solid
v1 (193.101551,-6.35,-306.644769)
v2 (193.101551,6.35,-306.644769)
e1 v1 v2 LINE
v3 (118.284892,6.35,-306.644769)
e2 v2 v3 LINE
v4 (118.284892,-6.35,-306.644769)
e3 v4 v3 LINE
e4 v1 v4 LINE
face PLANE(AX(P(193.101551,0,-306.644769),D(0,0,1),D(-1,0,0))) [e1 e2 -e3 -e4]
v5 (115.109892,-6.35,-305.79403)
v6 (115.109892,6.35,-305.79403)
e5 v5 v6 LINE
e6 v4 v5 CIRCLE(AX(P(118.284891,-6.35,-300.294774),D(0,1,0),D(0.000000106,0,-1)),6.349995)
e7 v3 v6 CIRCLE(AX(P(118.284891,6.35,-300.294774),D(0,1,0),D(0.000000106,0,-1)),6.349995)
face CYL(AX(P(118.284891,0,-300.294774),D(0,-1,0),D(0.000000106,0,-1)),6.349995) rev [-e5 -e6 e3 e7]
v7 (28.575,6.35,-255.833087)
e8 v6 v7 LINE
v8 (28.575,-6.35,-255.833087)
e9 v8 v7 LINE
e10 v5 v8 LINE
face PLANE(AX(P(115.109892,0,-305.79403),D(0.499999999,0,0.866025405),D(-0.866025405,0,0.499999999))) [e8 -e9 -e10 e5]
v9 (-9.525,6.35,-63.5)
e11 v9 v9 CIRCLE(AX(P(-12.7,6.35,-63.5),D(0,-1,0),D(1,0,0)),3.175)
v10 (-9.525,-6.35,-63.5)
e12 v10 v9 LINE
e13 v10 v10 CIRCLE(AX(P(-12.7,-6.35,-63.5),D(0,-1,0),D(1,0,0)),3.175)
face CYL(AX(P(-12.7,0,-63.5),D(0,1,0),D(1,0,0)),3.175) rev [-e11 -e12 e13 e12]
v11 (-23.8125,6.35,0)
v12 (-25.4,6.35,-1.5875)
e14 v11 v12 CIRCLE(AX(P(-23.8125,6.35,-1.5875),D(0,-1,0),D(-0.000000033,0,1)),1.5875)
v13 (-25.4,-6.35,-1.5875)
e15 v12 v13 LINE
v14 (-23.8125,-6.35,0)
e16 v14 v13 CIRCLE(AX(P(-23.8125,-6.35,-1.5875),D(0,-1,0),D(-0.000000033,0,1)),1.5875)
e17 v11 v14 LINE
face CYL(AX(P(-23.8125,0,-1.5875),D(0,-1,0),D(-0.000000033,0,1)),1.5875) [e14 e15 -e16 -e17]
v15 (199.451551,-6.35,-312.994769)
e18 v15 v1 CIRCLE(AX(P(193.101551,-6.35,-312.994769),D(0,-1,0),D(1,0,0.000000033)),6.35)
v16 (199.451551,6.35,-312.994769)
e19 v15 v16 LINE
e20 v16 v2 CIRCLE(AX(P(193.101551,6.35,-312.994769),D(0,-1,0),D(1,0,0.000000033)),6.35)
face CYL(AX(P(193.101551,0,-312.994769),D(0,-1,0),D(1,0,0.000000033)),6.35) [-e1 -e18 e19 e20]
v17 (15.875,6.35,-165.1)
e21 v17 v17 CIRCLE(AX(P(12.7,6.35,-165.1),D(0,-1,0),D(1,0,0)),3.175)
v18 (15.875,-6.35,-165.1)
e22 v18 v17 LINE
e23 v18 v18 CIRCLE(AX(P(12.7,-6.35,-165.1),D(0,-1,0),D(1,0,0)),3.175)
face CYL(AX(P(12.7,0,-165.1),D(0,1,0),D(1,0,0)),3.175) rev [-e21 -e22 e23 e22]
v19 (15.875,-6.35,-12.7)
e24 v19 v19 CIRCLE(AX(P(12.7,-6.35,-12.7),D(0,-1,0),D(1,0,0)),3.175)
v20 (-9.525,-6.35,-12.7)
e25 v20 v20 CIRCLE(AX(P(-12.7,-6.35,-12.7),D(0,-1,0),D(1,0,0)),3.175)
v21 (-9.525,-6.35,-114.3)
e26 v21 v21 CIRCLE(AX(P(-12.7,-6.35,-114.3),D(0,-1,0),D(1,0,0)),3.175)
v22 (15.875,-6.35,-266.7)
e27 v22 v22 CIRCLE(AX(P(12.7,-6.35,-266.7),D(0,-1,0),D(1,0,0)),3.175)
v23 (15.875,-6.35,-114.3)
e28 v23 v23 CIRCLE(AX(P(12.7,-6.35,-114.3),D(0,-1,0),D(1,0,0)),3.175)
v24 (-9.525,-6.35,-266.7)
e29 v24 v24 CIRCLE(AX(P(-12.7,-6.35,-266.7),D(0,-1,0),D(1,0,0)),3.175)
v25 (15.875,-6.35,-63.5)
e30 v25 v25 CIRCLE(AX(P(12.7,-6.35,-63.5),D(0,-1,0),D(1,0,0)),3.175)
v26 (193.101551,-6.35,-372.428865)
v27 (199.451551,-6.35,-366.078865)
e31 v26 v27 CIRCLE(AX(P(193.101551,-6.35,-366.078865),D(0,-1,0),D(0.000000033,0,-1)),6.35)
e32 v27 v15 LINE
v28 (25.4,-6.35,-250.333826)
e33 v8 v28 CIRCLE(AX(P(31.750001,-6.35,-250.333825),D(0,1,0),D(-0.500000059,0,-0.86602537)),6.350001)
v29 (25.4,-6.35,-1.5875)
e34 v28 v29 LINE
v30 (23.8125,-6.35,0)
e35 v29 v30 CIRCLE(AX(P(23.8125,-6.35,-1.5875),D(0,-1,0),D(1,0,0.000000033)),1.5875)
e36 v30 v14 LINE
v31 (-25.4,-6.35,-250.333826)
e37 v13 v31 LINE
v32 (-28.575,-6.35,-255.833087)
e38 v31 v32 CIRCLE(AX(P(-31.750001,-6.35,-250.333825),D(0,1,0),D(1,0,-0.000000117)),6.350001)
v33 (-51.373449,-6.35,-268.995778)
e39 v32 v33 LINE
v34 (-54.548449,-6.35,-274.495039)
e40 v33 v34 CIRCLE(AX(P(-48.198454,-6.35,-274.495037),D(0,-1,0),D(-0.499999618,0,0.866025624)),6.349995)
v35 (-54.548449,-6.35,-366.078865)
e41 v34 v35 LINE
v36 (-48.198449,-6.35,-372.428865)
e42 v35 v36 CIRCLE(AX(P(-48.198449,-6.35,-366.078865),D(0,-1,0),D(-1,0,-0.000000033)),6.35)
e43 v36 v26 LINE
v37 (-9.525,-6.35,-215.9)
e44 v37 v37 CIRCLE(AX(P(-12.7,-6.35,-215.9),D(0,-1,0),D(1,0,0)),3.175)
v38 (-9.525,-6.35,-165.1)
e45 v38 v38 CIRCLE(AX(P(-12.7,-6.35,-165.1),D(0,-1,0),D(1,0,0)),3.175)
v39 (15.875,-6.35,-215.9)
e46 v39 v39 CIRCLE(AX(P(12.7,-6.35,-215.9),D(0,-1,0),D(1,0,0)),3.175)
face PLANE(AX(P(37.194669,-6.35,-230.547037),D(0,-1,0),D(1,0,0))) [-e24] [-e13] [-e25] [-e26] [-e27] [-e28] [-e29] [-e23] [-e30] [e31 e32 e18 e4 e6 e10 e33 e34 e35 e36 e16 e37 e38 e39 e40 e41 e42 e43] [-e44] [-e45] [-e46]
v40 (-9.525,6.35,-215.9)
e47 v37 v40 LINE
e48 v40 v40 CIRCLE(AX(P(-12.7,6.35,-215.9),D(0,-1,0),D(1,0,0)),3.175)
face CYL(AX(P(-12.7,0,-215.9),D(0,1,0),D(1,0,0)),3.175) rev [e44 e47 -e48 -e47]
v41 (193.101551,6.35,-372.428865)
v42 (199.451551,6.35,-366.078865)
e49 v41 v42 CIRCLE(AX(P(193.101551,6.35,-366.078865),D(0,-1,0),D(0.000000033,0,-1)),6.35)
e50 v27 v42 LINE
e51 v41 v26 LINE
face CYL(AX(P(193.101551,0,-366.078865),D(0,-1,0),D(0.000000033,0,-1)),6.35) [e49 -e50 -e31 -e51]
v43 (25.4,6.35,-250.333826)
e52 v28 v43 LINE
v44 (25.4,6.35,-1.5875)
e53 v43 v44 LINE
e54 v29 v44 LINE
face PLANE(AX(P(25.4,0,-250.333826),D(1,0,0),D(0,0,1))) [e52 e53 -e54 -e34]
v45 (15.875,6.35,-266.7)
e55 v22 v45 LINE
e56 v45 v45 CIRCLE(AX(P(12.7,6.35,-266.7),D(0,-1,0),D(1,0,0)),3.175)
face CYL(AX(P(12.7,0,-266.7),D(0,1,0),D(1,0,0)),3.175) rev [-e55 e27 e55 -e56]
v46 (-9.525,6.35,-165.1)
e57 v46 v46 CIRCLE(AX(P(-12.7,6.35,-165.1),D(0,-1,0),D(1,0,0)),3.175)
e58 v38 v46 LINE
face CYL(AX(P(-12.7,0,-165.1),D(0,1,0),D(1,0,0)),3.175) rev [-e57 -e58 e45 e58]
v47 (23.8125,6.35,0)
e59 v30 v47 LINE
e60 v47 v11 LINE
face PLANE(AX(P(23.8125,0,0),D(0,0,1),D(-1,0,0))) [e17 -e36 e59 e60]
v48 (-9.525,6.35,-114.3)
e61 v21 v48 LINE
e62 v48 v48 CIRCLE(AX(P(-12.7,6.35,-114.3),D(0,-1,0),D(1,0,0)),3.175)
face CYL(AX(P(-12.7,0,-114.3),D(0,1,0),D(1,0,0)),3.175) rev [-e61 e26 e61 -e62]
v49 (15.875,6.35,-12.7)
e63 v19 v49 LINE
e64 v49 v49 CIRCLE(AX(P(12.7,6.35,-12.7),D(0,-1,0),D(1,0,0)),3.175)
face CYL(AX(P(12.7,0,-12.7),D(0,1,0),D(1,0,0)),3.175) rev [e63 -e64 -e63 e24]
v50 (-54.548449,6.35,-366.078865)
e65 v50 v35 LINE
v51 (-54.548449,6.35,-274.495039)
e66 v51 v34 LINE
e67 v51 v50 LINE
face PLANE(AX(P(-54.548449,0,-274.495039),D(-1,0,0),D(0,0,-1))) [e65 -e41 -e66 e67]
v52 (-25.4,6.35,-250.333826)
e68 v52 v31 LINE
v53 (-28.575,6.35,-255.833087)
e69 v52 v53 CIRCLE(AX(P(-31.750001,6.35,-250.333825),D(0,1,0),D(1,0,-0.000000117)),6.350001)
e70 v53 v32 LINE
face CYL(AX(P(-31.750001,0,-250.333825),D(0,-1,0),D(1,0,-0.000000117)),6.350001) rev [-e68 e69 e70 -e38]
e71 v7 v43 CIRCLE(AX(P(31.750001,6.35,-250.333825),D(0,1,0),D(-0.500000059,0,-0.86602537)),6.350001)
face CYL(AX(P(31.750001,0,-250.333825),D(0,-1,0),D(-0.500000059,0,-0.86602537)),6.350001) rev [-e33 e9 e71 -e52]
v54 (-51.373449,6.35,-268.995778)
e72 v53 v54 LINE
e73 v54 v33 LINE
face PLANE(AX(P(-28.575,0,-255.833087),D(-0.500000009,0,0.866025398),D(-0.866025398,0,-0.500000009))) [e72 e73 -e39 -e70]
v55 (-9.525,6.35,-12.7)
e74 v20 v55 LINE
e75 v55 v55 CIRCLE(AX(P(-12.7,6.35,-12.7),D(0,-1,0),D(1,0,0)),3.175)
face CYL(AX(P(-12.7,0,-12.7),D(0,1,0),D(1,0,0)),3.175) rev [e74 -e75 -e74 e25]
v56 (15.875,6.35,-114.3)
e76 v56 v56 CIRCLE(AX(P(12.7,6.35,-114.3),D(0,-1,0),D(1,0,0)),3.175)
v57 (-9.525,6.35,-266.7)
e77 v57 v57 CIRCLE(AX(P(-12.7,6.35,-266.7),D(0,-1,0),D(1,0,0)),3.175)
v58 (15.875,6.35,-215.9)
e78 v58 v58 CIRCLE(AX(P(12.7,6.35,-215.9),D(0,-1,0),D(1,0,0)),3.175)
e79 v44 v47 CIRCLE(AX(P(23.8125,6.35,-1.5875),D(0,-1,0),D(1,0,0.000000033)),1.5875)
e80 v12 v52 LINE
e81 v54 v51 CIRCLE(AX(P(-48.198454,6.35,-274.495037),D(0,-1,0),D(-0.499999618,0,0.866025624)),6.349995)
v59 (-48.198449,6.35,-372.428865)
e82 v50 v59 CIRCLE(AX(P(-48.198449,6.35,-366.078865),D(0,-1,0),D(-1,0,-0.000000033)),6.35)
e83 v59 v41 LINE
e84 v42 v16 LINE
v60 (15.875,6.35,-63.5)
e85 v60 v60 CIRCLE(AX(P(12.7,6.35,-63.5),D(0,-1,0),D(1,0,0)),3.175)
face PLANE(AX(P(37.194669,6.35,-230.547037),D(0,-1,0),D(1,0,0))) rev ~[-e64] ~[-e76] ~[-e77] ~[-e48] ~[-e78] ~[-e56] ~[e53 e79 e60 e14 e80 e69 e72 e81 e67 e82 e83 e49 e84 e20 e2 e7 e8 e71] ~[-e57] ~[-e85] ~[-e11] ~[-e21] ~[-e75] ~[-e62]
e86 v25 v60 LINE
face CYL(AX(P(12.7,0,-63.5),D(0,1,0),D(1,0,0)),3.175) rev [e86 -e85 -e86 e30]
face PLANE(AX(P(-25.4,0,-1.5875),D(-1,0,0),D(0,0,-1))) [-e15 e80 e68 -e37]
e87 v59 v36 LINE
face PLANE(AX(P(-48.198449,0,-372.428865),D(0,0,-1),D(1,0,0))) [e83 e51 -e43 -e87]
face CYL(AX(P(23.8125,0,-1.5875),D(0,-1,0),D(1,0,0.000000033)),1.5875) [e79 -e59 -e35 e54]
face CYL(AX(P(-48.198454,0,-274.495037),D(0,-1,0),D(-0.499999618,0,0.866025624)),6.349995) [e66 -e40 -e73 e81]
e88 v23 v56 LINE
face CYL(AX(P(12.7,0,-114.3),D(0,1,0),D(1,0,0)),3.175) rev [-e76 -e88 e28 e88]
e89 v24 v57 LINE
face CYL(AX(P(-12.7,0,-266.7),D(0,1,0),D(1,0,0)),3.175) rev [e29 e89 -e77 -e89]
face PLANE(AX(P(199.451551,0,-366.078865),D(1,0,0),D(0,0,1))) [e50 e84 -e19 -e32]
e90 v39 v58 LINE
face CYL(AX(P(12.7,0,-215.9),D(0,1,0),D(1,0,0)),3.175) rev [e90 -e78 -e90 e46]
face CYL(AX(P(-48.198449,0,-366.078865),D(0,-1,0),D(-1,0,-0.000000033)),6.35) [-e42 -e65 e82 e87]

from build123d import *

# Parameters (mm, degrees)
F0_R     = 3.175
F1_DEPTH = 6.35


with BuildPart() as f1:
    # F0 (on Front) → F1 (new body, symmetric)
    with BuildSketch(Plane.XZ):
        with BuildLine():
            Line((23.8125, 0), (-23.8125, 0))
            ThreePointArc((-23.8125, 0), (-24.935032, -0.464968), (-25.4, -1.5875))
            Line((-25.4, -1.5875), (-25.4, -250.333826))
            ThreePointArc((-25.4, -250.333826), (-26.250739, -253.508826), (-28.575, -255.833087))
            Line((-28.575, -255.833087), (-51.373449, -268.995778))
            ThreePointArc((-51.373449, -268.995778), (-53.697711, -271.320039), (-54.548449, -274.495039))
            Line((-54.548449, -274.495039), (-54.548449, -366.078865))
            ThreePointArc((-54.548449, -366.078865), (-52.688577, -370.568993), (-48.198449, -372.428865))
            Line((-48.198449, -372.428865), (193.101551, -372.428865))
            ThreePointArc((193.101551, -372.428865), (197.591679, -370.568993), (199.451551, -366.078865))
            Line((199.451551, -366.078865), (199.451551, -312.994769))
            ThreePointArc((199.451551, -312.994769), (197.591679, -308.504641), (193.101551, -306.644769))
            Line((193.101551, -306.644769), (118.284892, -306.644769))
            ThreePointArc((118.284892, -306.644769), (116.641391, -306.428398), (115.109892, -305.79403))
            Line((115.109892, -305.79403), (28.575, -255.833087))
            ThreePointArc((28.575, -255.833087), (26.250739, -253.508826), (25.4, -250.333826))
            Line((25.4, -250.333826), (25.4, -1.5875))
            ThreePointArc((25.4, -1.5875), (24.935032, -0.464968), (23.8125, 0))
        make_face()
        with Locations((-12.7, -266.7)):
            Circle(F0_R, mode=Mode.SUBTRACT)
        with Locations((-12.7, -215.9)):
            Circle(F0_R, mode=Mode.SUBTRACT)
        with Locations((12.7, -266.7)):
            Circle(F0_R, mode=Mode.SUBTRACT)
        with Locations((12.7, -215.9)):
            Circle(F0_R, mode=Mode.SUBTRACT)
        with Locations((-12.7, -165.1)):
            Circle(F0_R, mode=Mode.SUBTRACT)
        with Locations((-12.7, -114.3)):
            Circle(F0_R, mode=Mode.SUBTRACT)
        with Locations((12.7, -165.1)):
            Circle(F0_R, mode=Mode.SUBTRACT)
        with Locations((12.7, -114.3)):
            Circle(F0_R, mode=Mode.SUBTRACT)
        with Locations((-12.7, -63.5)):
            Circle(F0_R, mode=Mode.SUBTRACT)
        with Locations((-12.7, -12.7)):
            Circle(F0_R, mode=Mode.SUBTRACT)
        with Locations((12.7, -63.5)):
            Circle(F0_R, mode=Mode.SUBTRACT)
        with Locations((12.7, -12.7)):
            Circle(F0_R, mode=Mode.SUBTRACT)
    extrude(amount=F1_DEPTH, both=True)


solid = f1.part
